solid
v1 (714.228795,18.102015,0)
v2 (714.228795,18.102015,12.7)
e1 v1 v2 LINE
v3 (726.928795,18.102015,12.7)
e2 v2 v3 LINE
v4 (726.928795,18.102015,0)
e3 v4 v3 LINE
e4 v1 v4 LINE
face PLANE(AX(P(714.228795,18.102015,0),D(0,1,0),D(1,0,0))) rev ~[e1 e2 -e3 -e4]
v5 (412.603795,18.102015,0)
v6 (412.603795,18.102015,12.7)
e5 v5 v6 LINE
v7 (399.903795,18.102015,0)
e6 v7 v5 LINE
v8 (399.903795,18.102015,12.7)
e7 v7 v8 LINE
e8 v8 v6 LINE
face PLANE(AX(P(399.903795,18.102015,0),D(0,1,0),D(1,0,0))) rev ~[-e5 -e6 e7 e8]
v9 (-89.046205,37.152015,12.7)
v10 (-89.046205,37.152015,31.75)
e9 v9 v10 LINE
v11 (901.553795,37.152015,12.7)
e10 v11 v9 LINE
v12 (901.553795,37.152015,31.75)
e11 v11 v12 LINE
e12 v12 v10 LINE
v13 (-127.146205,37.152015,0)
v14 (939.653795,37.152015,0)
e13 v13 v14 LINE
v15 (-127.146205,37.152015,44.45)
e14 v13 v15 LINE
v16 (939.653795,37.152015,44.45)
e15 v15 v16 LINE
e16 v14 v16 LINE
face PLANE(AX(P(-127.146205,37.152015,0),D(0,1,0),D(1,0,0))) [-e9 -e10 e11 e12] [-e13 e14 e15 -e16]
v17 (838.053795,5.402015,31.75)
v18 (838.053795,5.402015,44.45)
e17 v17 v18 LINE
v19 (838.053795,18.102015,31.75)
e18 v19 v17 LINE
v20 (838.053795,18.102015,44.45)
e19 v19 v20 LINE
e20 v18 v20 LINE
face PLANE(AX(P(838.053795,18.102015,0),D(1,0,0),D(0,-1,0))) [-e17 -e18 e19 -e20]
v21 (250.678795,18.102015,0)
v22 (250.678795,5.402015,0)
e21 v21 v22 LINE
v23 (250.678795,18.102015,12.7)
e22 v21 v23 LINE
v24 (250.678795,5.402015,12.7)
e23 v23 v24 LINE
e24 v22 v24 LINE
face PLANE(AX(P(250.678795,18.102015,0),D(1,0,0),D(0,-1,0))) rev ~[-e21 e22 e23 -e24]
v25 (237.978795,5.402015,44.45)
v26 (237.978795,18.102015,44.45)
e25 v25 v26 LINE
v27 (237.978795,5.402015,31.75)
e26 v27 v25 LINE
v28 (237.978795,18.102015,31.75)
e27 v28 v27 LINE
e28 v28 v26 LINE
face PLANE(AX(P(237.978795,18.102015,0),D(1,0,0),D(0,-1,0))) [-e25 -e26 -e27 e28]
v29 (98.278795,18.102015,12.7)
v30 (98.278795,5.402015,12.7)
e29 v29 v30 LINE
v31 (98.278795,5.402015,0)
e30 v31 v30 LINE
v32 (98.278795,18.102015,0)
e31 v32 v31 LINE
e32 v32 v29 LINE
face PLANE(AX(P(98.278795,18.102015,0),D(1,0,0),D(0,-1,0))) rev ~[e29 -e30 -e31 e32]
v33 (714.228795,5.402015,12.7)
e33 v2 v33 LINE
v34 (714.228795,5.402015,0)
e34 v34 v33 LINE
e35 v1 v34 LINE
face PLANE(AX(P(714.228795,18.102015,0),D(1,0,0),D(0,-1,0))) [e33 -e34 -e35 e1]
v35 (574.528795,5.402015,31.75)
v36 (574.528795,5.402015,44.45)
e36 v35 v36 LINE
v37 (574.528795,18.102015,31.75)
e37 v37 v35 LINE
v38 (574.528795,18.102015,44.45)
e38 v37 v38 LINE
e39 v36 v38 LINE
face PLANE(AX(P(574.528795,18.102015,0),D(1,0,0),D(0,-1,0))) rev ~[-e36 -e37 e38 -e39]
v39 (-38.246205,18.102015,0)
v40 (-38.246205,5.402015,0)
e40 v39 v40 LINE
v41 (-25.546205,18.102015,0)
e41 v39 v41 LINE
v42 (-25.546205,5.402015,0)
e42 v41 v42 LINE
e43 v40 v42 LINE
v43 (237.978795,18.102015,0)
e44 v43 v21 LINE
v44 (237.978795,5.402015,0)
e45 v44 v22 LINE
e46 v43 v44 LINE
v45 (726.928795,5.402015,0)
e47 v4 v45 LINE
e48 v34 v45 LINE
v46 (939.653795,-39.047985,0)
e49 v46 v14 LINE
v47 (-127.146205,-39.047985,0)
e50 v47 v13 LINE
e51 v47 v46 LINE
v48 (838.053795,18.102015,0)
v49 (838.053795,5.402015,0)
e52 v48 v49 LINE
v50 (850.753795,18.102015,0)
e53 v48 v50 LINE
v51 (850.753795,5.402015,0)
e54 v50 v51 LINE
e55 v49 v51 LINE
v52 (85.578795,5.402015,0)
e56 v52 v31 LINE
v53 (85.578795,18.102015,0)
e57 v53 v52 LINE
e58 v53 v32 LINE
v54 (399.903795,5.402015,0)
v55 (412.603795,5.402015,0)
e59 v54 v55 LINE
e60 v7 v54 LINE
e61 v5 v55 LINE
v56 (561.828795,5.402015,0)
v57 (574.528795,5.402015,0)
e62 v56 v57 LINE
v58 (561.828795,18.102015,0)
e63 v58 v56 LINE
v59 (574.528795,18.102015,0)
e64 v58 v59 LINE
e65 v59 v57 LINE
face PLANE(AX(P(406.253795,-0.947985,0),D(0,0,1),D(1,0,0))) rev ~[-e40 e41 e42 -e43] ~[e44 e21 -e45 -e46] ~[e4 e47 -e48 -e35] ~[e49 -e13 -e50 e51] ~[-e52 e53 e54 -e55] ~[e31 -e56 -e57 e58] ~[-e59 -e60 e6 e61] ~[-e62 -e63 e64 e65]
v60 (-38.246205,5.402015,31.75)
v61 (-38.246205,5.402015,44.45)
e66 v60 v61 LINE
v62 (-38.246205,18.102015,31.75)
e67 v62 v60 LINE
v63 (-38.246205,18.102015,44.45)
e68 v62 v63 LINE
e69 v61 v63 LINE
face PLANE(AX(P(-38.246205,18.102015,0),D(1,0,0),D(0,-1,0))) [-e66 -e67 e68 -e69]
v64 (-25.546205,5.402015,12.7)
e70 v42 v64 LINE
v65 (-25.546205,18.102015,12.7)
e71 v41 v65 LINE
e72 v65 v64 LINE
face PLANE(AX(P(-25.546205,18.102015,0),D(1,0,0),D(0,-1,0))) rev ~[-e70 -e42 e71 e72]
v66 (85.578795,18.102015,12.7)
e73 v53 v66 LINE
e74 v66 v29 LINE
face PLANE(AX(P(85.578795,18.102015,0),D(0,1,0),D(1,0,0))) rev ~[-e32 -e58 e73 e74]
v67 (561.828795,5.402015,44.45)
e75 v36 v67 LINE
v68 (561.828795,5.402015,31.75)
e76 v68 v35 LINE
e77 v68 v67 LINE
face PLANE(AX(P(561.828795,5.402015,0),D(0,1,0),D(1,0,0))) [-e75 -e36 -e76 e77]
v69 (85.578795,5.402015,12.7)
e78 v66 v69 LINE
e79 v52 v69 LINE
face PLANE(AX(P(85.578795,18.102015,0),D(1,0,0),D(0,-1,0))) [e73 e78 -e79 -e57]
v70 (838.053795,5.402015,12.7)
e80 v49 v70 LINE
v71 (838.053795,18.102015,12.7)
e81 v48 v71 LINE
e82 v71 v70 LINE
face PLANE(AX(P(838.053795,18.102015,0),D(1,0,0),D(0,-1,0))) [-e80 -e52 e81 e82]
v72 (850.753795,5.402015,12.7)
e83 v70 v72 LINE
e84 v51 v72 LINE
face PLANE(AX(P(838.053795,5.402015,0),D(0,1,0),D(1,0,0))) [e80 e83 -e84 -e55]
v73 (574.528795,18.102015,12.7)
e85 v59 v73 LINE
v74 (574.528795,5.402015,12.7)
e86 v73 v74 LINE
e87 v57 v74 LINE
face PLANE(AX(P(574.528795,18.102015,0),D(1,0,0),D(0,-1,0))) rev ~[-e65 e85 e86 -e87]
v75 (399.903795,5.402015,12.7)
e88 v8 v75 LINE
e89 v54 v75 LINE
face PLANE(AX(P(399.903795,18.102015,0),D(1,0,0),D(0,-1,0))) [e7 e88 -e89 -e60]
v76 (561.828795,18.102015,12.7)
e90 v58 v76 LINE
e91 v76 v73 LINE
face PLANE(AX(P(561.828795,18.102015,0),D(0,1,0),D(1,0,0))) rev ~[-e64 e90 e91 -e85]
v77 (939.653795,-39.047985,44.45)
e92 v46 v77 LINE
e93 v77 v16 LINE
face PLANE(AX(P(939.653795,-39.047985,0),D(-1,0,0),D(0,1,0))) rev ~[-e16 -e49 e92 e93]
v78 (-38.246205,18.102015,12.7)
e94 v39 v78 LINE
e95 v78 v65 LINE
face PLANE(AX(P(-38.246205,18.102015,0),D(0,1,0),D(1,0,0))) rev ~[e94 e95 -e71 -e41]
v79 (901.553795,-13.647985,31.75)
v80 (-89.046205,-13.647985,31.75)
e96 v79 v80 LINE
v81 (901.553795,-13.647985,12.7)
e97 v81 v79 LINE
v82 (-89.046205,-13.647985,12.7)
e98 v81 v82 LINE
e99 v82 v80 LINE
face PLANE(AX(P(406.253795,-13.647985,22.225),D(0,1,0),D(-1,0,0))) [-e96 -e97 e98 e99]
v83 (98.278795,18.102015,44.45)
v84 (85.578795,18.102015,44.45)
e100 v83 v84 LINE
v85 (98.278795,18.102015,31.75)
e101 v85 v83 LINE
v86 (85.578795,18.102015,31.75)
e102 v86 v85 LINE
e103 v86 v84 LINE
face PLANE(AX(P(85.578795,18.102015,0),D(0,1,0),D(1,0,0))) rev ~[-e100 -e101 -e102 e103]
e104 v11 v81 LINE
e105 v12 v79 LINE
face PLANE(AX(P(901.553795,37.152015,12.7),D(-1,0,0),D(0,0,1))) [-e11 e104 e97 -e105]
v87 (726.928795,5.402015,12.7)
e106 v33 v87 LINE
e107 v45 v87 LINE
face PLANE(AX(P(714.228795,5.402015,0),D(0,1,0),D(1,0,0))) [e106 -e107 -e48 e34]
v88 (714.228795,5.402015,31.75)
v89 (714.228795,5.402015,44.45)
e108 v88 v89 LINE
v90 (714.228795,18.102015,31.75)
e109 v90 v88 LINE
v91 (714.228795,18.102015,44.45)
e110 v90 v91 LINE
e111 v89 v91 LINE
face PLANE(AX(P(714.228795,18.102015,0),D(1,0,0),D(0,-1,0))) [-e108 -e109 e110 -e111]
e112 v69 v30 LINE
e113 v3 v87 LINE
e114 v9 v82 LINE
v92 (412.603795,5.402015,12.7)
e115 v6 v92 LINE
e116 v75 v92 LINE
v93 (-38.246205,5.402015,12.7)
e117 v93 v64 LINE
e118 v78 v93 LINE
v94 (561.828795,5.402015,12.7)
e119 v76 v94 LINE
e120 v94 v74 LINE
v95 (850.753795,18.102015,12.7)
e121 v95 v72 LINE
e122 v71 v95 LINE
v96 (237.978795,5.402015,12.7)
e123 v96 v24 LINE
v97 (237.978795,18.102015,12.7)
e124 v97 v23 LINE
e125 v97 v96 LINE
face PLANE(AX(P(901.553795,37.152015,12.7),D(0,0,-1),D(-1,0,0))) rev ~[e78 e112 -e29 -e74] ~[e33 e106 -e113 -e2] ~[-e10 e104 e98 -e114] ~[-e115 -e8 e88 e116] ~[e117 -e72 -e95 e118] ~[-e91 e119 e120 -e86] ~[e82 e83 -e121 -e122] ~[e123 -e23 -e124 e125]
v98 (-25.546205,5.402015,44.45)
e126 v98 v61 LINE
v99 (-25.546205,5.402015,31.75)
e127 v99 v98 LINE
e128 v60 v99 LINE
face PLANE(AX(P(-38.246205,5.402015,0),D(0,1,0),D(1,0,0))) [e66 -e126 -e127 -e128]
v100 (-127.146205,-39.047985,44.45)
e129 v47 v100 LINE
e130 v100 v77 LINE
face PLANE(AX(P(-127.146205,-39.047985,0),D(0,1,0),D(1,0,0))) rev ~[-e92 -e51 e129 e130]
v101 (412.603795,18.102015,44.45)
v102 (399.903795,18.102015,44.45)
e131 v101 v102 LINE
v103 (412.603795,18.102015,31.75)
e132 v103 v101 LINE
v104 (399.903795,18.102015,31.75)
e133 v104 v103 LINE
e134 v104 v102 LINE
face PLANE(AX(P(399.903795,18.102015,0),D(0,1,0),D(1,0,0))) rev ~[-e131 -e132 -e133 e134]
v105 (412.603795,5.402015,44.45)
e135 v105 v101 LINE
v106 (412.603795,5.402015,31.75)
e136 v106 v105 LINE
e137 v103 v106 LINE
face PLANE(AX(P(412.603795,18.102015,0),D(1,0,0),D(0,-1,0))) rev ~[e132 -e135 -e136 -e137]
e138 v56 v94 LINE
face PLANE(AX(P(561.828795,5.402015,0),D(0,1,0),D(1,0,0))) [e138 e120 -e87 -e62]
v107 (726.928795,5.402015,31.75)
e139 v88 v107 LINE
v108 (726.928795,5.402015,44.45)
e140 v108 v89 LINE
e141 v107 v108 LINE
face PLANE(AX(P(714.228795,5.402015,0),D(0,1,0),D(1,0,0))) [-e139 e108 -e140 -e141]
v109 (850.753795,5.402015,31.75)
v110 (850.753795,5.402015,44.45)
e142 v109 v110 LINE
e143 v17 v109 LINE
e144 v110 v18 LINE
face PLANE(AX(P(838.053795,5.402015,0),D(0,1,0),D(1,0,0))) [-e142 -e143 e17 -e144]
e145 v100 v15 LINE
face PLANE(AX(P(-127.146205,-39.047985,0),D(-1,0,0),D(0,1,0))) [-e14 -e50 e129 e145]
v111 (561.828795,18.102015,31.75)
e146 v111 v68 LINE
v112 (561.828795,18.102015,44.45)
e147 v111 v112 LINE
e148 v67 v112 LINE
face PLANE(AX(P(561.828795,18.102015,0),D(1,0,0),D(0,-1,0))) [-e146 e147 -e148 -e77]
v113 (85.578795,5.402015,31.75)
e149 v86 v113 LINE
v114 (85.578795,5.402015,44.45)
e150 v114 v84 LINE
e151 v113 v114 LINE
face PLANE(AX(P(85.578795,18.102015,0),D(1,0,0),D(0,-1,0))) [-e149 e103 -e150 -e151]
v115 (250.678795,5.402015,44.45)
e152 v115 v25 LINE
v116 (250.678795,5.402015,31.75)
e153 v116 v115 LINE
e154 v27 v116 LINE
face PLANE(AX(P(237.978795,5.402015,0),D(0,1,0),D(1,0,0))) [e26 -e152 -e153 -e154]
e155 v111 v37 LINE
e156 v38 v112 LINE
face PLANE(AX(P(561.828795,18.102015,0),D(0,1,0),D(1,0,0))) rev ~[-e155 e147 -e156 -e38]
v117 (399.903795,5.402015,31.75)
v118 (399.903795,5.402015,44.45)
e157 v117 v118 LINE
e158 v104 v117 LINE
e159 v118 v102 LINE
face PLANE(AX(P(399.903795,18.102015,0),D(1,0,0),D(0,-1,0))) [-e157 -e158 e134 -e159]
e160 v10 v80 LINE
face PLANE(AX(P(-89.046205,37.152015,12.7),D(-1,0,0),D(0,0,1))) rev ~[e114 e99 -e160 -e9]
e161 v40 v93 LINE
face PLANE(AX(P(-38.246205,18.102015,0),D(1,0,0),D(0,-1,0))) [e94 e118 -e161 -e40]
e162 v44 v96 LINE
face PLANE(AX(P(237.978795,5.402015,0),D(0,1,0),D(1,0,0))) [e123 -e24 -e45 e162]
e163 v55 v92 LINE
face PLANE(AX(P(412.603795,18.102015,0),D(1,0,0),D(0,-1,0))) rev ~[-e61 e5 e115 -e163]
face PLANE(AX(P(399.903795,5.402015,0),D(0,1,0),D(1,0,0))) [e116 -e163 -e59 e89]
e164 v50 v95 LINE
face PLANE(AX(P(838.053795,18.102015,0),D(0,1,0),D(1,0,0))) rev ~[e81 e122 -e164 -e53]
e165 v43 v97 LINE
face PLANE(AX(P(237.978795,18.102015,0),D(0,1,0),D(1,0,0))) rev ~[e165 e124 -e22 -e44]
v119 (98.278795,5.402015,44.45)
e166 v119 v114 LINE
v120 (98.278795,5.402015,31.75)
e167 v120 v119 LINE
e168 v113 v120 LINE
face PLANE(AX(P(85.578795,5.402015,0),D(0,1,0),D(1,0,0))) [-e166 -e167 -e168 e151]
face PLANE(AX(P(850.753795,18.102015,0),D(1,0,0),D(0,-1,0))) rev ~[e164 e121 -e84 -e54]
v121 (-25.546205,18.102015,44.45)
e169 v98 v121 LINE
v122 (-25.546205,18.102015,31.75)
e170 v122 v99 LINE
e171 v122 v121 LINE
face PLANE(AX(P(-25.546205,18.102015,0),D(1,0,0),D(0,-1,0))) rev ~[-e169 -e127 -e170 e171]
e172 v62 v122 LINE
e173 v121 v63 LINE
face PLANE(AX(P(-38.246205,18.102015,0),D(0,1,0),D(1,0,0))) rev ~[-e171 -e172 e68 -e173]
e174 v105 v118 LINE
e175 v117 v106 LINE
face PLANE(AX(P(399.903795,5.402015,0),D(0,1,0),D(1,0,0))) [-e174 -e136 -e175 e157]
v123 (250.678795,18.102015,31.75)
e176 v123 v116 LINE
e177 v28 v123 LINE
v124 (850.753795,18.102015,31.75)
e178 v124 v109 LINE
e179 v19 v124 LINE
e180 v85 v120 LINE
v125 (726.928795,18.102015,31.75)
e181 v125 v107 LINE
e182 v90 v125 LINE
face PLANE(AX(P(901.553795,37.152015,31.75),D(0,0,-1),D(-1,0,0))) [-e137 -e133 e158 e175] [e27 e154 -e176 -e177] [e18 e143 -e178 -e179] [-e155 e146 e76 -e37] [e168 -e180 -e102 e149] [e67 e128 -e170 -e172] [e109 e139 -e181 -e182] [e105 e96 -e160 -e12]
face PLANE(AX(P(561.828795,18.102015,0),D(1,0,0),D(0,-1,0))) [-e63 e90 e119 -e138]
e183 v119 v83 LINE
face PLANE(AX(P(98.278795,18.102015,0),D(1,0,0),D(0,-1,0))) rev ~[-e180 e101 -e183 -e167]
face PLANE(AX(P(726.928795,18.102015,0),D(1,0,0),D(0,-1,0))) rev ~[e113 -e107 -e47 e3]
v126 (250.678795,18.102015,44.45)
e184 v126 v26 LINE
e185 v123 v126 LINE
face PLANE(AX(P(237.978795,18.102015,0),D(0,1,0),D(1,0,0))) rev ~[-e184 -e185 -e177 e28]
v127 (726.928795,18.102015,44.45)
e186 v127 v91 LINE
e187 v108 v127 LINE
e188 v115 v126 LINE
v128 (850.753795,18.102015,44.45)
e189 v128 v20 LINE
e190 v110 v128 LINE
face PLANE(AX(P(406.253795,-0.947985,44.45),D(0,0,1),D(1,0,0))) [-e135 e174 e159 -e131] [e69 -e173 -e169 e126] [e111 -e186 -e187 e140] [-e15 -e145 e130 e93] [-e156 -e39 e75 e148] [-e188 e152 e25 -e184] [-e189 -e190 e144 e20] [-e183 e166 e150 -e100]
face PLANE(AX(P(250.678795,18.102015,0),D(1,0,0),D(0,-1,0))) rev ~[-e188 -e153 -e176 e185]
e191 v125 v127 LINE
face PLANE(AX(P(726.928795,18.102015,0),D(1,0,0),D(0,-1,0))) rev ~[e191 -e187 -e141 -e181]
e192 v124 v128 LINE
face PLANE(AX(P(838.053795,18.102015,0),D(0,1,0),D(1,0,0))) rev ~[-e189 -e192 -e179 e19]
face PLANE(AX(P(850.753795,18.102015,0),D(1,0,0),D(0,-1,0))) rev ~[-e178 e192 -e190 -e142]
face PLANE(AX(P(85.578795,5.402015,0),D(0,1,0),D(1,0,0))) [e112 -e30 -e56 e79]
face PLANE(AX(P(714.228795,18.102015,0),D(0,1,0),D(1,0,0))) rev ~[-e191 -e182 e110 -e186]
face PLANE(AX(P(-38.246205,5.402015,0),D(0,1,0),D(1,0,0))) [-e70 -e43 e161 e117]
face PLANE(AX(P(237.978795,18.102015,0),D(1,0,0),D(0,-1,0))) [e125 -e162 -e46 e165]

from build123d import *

# Parameters (mm, degrees)
F0_W     = 1066.8
F0_H     = 76.2
F1_DEPTH = 44.45
F2_W     = 990.6
F2_H     = 19.05
F3_DEPTH = 50.8
F4_W     = 12.7
F4_H     = 12.7
F5_DEPTH = 44.451


with BuildPart() as f1:
    # F0 (on Top) → F1 (new body)
    with BuildSketch(Plane.XY):
        with Locations((406.253795, -0.947985)):
            Rectangle(F0_W, F0_H)
    extrude(amount=F1_DEPTH)

    # F2 (on face) → F3 (cut)
    with BuildSketch(Plane(origin=(0, 37.152015, 0), x_dir=(-1, 0, 0), z_dir=(0, 1, 0))):
        with Locations((-406.253795, 22.225)):
            Rectangle(F2_W, F2_H)
    extrude(amount=-F3_DEPTH, mode=Mode.SUBTRACT)

    # F4 (on face) → F5 (cut, through all)
    with BuildSketch(Plane(origin=(0, 0, 0), x_dir=(1, 0, 0), z_dir=(0, 0, -1))):
        with Locations((-31.896205, -11.752015)):
            Rectangle(F4_W, F4_H)
        with Locations((91.928795, -11.752015)):
            Rectangle(F4_W, F4_H)
        with Locations((244.328795, -11.752015)):
            Rectangle(F4_W, F4_H)
        with Locations((406.253795, -11.752015)):
            Rectangle(F4_W, F4_H)
        with Locations((568.178795, -11.752015)):
            Rectangle(F4_W, F4_H)
        with Locations((720.578795, -11.752015)):
            Rectangle(F4_W, F4_H)
        with Locations((844.403795, -11.752015)):
            Rectangle(F4_W, F4_H)
    extrude(amount=-F5_DEPTH, mode=Mode.SUBTRACT)


solid = f1.part
